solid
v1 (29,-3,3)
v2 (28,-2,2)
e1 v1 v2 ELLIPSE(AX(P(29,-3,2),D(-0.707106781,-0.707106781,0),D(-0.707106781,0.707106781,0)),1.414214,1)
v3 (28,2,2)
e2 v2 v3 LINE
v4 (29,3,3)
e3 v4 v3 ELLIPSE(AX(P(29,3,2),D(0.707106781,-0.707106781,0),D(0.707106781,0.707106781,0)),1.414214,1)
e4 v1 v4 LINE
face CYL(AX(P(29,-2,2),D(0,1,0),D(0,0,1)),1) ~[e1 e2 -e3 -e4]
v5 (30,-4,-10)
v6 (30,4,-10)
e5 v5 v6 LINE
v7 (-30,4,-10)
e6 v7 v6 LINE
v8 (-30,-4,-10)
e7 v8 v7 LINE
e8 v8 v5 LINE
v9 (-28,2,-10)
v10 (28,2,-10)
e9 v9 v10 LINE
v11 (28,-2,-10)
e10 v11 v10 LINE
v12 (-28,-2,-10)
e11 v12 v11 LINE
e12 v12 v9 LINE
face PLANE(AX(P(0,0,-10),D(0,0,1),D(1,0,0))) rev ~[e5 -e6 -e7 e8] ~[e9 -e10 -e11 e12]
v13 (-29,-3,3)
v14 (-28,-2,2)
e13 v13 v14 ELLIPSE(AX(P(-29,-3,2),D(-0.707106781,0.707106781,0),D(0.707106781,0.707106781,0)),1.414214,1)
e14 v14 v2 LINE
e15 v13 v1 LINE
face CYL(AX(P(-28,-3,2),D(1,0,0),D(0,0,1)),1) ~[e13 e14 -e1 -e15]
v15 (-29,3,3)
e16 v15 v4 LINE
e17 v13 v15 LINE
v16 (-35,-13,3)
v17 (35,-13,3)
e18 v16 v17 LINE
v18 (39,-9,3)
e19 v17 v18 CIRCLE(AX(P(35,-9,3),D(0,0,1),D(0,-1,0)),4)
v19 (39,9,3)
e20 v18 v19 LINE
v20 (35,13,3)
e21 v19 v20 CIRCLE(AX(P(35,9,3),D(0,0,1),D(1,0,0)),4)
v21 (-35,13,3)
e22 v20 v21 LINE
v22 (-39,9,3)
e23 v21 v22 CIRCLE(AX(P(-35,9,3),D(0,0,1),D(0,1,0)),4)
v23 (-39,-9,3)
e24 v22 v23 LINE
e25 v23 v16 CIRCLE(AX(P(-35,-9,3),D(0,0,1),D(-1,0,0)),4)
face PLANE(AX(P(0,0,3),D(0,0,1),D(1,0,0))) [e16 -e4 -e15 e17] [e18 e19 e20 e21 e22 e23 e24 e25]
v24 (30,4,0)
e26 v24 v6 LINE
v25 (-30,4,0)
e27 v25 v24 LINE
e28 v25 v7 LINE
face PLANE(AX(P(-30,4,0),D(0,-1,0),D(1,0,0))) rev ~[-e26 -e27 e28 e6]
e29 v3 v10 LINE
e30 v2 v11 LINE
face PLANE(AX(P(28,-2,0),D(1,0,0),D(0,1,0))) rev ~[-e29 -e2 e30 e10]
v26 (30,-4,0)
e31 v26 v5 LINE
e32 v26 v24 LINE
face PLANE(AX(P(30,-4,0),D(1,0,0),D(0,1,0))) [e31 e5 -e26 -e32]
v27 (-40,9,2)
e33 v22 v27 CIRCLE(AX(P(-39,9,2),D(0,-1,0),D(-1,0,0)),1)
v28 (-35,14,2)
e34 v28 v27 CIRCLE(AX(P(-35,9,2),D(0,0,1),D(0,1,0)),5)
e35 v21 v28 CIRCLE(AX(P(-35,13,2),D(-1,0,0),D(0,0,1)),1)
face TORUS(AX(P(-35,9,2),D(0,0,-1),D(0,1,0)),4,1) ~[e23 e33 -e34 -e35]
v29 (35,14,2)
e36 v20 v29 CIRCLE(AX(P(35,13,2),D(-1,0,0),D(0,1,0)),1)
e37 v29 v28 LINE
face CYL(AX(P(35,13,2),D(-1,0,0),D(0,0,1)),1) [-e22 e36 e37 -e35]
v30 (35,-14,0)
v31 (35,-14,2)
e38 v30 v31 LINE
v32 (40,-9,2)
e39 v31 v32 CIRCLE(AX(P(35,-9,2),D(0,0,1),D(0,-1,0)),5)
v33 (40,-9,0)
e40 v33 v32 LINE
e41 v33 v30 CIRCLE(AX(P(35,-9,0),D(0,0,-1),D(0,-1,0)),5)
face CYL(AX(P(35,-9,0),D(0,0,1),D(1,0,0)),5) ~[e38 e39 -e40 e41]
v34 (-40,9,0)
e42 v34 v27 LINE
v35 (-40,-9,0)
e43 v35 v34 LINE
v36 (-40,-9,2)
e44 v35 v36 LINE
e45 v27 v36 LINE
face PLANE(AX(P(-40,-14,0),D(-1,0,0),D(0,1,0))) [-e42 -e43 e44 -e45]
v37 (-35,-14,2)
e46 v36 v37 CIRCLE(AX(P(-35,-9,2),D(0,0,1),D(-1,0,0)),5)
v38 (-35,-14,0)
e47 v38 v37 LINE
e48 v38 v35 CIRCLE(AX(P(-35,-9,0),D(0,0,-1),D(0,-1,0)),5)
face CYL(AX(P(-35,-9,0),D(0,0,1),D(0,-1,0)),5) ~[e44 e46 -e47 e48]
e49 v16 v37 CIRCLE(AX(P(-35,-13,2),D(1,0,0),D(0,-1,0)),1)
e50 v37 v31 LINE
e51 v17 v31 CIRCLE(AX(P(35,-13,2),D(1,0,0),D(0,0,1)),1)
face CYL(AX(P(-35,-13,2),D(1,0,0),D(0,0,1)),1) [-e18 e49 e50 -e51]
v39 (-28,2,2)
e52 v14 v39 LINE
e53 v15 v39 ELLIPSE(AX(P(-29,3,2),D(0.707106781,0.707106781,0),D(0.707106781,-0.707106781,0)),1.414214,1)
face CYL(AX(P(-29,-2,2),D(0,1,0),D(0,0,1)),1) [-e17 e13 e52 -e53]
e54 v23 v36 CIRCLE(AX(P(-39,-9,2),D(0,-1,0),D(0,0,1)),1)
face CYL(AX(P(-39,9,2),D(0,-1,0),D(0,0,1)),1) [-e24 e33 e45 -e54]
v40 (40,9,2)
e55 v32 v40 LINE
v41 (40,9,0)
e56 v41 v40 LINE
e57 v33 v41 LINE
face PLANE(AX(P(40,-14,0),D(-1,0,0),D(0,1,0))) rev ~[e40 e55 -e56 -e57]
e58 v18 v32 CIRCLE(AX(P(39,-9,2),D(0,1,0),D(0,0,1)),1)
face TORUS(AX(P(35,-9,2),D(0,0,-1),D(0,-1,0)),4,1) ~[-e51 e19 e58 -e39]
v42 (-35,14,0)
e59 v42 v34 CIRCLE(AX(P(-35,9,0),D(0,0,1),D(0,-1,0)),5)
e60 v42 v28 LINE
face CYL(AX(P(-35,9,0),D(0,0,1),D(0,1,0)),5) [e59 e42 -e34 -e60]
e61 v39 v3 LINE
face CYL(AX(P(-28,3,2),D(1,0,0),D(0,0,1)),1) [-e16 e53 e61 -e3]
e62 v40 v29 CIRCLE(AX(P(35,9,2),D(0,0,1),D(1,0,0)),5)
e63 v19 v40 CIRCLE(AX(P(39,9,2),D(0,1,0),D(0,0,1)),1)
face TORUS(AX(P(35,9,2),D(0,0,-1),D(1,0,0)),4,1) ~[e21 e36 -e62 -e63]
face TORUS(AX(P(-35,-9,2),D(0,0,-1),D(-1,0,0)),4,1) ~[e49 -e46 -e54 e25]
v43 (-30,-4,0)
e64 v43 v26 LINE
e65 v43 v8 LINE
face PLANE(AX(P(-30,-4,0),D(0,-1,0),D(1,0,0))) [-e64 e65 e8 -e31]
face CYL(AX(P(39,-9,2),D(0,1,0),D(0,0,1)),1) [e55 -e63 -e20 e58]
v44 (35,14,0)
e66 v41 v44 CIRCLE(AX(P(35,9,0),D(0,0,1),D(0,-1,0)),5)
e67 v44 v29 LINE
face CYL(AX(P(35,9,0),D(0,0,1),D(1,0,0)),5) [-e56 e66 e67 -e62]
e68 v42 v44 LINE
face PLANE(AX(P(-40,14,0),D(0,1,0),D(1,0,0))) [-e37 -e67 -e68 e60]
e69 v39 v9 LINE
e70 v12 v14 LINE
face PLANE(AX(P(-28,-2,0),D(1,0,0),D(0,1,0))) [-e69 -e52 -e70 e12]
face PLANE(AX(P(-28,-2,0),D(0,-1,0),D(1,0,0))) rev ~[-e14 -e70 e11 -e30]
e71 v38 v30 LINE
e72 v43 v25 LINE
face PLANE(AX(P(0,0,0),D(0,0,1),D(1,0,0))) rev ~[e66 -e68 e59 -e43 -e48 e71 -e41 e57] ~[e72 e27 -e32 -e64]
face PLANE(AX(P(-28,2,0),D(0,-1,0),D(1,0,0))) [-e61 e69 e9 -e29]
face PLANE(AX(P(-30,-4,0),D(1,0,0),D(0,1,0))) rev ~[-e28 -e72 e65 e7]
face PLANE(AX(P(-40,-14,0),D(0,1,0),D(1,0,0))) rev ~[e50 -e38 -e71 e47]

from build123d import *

# Parameters (mm, degrees)
F0_W     = 80
F0_H     = 28
F0_W_2   = 60
F0_H_2   = 8
F0_W_3   = 56
F0_H_3   = 4
F1_DEPTH = 3
F2_DEPTH = 10
F3_R     = 5
F4_R     = 1


with BuildPart() as f1:
    # F0 (on Top) → F1 (new body)
    with BuildSketch(Plane.XY):
        Rectangle(F0_W, F0_H)
        Rectangle(F0_W_2, F0_H_2, mode=Mode.SUBTRACT)
        Rectangle(F0_W_2, F0_H_2)
        Rectangle(F0_W_3, F0_H_3, mode=Mode.SUBTRACT)
    extrude(amount=F1_DEPTH)

    # F0 (on Top) → F2 (join)
    with BuildSketch(Plane.XY):
        Rectangle(F0_W_2, F0_H_2)
        Rectangle(F0_W_3, F0_H_3, mode=Mode.SUBTRACT)
    extrude(amount=-F2_DEPTH)

    # F3
    f3_edges = [f1.edges().sort_by_distance(p)[0] for p in [
        (-40, 14, 1.5),
        (-40, -14, 1.5),
        (40, 14, 1.5),
        (40, -14, 1.5),
    ]]
    fillet(f3_edges, radius=F3_R)

    # F4
    f4_edges = [f1.edges().sort_by_distance(p)[0] for p in [
        (40, 0, 3),
        (38.535534, -12.535534, 3),
        (38.535534, 12.535534, 3),
        (0, -14, 3),
        (0, 14, 3),
        (-38.535534, -12.535534, 3),
        (-38.535534, 12.535534, 3),
        (-40, 0, 3),
        (0, 2, 3),
        (28, 0, 3),
        (0, -2, 3),
        (-28, 0, 3),
    ]]
    fillet(f4_edges, radius=F4_R)


solid = f1.part
